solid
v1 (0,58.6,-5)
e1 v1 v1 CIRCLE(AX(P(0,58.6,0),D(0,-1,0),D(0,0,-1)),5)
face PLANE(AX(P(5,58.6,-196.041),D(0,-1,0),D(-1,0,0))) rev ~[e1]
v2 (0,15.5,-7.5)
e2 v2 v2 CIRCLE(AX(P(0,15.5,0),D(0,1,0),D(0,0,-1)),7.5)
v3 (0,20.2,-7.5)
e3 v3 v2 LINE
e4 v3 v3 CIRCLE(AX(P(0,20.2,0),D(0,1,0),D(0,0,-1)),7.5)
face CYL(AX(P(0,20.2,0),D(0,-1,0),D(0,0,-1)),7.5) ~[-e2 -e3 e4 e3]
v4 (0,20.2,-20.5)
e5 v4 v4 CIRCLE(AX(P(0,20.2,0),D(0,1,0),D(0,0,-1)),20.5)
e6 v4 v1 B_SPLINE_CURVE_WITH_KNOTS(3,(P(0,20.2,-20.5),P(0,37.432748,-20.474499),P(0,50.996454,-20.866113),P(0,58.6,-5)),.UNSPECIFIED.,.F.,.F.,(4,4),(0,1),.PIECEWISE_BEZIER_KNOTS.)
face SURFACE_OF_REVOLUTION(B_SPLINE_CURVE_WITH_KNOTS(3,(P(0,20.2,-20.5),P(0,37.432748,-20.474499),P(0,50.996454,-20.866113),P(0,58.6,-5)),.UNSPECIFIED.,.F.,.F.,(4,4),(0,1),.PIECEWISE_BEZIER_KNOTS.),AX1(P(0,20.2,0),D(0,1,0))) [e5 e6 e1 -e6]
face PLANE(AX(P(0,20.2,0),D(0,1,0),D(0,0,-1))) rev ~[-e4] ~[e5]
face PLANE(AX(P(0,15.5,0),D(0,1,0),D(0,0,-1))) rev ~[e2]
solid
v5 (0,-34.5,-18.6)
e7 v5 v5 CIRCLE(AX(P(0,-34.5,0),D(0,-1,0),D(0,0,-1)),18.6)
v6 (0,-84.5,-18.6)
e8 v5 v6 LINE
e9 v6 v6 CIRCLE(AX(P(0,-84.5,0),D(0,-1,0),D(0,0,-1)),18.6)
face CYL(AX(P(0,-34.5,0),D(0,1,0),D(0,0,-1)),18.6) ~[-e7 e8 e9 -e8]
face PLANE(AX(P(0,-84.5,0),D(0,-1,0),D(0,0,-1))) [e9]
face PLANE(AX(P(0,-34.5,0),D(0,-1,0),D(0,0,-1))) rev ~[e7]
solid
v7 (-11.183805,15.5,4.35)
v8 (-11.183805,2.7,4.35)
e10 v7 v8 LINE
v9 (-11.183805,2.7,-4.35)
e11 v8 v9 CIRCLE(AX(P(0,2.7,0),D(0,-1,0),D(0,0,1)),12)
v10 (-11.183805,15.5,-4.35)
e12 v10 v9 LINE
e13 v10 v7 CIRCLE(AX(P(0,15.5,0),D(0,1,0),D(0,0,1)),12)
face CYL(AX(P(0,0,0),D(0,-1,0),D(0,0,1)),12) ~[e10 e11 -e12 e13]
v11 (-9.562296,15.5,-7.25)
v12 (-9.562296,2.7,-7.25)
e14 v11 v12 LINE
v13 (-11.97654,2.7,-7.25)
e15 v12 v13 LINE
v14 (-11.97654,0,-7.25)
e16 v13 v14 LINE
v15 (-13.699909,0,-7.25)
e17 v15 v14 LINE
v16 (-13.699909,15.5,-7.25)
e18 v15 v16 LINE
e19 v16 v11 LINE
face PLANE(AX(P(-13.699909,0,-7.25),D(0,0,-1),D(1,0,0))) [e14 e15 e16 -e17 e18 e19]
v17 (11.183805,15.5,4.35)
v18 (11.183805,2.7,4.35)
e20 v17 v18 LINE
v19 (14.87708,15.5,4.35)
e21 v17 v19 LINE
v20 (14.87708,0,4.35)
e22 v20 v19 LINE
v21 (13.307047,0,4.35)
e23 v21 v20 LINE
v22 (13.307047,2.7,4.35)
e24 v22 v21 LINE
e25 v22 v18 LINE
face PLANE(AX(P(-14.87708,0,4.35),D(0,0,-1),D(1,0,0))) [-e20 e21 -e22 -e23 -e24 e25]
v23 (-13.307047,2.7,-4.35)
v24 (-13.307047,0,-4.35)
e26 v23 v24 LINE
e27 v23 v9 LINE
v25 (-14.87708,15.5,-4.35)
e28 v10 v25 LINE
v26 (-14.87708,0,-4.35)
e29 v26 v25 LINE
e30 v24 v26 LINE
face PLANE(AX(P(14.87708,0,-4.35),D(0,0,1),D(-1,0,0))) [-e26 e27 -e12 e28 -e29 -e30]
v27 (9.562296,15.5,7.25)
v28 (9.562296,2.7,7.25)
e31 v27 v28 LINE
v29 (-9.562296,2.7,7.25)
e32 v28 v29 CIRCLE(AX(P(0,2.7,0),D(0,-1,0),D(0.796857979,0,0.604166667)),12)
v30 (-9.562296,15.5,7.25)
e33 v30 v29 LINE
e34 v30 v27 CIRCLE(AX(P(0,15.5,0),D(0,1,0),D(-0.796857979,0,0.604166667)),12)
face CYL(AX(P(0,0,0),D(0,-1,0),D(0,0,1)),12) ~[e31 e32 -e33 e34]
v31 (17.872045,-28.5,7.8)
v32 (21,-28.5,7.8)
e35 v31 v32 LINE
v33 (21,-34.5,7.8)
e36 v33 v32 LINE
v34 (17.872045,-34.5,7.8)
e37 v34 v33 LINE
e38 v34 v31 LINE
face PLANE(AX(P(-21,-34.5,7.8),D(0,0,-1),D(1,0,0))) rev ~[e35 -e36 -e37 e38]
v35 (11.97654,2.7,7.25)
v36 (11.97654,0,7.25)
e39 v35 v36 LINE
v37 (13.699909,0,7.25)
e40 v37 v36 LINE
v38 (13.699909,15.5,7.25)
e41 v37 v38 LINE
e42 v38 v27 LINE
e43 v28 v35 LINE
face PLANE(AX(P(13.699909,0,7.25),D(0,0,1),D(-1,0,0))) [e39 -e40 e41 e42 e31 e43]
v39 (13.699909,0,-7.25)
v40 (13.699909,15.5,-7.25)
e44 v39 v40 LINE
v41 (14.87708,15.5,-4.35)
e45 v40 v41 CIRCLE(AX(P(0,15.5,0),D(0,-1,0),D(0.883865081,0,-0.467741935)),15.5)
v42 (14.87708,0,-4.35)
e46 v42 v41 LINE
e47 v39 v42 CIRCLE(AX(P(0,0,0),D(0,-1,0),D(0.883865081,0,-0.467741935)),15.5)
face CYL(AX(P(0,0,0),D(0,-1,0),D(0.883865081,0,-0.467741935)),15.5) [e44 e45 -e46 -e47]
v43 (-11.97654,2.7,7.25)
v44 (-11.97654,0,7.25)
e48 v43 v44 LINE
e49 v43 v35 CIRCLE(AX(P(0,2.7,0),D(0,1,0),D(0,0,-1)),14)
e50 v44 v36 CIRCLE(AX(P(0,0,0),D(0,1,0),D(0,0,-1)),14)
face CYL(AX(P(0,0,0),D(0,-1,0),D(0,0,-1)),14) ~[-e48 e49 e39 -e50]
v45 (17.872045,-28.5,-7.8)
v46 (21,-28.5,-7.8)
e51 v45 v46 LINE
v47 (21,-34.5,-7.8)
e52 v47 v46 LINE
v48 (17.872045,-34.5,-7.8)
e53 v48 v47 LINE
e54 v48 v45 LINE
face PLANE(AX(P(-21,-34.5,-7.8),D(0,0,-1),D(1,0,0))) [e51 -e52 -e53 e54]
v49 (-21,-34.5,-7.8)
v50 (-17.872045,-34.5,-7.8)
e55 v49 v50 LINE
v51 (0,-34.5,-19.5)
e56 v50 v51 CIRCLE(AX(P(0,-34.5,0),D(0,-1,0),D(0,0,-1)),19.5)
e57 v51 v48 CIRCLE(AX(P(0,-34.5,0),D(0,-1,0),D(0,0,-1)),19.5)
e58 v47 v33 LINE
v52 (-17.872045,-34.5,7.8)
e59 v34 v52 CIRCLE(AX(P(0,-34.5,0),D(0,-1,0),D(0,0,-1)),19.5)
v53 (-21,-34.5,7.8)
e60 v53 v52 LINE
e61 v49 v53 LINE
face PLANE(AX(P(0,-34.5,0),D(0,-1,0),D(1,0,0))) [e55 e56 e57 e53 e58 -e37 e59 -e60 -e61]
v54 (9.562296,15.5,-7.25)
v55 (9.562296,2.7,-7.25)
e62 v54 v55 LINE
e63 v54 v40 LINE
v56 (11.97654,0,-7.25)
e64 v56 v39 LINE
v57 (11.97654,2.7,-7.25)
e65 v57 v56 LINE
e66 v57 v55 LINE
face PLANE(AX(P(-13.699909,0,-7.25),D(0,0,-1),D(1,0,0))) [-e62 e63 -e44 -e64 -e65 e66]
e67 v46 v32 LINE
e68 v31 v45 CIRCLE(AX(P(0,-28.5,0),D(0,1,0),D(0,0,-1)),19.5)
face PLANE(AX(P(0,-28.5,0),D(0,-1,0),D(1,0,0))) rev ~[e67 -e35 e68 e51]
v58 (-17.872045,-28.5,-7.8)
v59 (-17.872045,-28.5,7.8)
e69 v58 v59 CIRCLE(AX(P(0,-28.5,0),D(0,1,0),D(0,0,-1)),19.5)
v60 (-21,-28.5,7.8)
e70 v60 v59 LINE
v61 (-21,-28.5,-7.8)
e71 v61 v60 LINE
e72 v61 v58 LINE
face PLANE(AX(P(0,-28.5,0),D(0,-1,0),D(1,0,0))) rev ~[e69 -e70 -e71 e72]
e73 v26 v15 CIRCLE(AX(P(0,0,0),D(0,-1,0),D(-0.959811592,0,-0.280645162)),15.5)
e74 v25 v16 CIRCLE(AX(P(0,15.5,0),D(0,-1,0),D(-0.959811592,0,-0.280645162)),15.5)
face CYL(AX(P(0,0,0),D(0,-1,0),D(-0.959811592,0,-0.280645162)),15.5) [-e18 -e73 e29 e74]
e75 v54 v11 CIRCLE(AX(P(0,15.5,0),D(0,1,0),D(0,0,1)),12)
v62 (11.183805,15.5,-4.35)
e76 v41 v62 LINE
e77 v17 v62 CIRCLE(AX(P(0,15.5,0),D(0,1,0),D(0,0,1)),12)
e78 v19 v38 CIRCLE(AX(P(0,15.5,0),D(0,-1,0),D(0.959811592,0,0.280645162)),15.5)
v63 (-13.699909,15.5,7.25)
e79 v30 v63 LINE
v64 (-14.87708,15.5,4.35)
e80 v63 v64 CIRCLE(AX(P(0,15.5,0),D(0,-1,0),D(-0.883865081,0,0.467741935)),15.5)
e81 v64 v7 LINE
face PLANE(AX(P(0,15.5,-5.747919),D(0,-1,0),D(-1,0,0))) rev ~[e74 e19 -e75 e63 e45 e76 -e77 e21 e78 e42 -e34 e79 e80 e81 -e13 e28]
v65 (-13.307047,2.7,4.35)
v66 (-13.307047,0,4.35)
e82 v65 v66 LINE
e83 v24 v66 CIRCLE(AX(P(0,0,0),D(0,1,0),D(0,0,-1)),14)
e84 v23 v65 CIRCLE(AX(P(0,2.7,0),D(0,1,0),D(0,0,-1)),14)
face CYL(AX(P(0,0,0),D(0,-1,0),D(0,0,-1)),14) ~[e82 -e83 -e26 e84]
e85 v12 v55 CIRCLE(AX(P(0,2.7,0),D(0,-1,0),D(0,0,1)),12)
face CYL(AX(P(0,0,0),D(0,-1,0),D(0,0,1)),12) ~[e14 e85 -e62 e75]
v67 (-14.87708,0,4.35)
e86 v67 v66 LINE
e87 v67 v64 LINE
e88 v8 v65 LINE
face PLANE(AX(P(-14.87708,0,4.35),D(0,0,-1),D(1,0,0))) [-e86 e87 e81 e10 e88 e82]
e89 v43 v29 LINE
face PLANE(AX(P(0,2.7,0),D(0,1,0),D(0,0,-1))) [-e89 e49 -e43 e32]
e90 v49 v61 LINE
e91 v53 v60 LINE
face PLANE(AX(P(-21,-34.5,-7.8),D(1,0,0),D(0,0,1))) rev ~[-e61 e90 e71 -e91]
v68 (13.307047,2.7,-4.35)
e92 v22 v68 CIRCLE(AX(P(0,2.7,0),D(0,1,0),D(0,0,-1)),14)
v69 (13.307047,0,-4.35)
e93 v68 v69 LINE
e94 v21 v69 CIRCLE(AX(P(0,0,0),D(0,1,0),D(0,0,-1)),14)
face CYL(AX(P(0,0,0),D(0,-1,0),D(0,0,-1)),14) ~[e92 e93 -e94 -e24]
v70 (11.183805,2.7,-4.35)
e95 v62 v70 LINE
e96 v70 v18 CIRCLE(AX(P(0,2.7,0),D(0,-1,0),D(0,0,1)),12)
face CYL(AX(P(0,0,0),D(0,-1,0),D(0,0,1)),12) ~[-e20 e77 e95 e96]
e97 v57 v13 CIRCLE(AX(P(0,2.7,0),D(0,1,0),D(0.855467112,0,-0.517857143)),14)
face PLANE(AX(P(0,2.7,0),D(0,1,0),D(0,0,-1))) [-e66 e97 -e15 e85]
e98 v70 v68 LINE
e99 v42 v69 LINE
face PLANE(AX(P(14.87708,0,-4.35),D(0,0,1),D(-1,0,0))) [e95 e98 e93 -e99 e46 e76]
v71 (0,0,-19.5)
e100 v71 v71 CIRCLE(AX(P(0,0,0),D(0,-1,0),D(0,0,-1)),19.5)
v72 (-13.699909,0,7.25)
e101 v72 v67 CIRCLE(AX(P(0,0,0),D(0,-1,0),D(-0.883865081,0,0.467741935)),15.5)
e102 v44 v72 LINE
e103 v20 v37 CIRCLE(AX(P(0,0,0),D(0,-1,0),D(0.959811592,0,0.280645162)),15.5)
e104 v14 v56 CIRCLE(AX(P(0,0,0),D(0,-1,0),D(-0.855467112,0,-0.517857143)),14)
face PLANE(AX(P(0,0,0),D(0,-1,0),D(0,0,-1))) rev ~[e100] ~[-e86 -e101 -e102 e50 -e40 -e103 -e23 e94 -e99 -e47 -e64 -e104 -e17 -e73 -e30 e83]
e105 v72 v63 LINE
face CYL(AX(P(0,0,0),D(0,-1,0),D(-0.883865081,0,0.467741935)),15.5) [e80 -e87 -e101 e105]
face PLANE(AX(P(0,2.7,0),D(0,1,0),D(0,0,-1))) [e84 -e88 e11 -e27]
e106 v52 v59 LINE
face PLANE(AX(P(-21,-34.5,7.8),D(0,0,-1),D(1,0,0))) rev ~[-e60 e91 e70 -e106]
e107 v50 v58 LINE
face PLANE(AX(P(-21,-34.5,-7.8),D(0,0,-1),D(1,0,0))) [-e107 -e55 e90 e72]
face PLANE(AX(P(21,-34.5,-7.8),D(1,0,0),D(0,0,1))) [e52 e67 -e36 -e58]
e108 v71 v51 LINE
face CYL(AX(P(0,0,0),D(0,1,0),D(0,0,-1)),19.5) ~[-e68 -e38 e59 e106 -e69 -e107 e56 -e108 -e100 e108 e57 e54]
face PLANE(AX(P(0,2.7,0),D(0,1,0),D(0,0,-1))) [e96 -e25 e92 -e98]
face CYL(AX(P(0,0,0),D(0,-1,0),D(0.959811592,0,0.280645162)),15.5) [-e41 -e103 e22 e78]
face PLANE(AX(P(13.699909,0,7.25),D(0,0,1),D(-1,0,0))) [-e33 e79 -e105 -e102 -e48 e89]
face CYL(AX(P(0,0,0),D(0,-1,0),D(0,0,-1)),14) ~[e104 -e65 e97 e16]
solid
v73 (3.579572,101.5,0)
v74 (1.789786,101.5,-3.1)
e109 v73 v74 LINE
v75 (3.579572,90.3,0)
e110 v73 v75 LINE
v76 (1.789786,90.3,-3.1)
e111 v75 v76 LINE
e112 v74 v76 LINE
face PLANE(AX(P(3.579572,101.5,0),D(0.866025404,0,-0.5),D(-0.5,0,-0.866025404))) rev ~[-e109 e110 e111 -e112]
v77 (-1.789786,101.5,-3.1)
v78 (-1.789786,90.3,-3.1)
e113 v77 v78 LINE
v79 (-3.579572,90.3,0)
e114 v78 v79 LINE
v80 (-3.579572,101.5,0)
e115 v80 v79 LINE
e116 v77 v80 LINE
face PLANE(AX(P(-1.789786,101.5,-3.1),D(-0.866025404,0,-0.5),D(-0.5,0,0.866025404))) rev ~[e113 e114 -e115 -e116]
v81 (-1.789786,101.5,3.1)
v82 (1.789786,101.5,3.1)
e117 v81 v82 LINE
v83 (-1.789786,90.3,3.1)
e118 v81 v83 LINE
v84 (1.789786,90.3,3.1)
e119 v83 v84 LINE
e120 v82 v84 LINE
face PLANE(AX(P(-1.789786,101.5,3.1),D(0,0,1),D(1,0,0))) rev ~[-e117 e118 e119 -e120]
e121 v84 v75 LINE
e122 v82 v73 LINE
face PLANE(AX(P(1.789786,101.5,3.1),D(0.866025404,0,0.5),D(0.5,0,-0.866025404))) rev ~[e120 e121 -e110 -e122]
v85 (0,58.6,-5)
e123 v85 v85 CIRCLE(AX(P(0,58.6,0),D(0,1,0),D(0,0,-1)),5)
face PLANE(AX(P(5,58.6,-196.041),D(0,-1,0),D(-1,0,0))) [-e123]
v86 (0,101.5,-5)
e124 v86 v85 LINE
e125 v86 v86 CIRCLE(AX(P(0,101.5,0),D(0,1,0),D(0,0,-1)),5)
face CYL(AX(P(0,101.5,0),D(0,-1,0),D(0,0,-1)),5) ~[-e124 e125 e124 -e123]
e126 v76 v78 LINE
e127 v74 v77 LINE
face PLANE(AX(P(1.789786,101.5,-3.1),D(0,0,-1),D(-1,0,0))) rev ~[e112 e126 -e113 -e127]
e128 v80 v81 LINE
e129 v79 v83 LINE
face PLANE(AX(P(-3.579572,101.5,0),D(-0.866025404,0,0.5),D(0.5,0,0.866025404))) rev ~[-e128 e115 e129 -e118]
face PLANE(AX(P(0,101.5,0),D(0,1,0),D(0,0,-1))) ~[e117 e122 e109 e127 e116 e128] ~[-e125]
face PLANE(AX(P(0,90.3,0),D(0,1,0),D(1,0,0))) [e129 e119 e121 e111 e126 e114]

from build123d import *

# Parameters (mm, degrees)
SKETCH1_R              = 14
BOSS_EXTRUDE1_DEPTH    = 2.7
SKETCH2_R              = 12
BOSS_EXTRUDE2_DEPTH    = 15.5
BOSS_EXTRUDE3_DEPTH    = 15.5
SKETCH4_R              = 19.5
BOSS_EXTRUDE4_DEPTH    = 34.5
SKETCH5_W              = 42
SKETCH5_H              = 15.6
BOSS_EXTRUDE5_DEPTH    = 6
SKETCH6_R              = 18.6
BOSS_EXTRUDE6_DEPTH    = 50
SPLIT1_SURFACE_1_BACK  = 196.041
SPLIT1_SURFACE_1_DEPTH = 392.082
SPLIT1_SURFACE_2_BACK  = 196.041
SPLIT1_SURFACE_2_DEPTH = 392.082
CUT_EXTRUDE1_DEPTH     = 11.2


with BuildPart() as part:
    # Sketch1 → Boss-Extrude1 (new body)
    with BuildSketch(Plane(origin=(0, 0, 0), x_dir=(1, 0, 0), z_dir=(0, 1, 0))):
        with Locations(Location((0, 0, 0), (0, 0, 90))):
            Circle(SKETCH1_R)
    extrude(amount=BOSS_EXTRUDE1_DEPTH)

    # Sketch2 → Boss-Extrude2 (add)
    with BuildSketch(Plane(origin=(0, 0, 0), x_dir=(1, 0, 0), z_dir=(0, 1, 0))):
        with Locations(Location((0, 0, 0), (0, 0, 270))):
            Circle(SKETCH2_R)
    extrude(amount=BOSS_EXTRUDE2_DEPTH)

    # Sketch3 → Boss-Extrude3 (add)
    with BuildSketch(Plane(origin=(0, 0, 0), x_dir=(1, 0, 0), z_dir=(0, 1, 0))):
        with BuildLine():
            ThreePointArc((13.699908759, 7.25), (14.361878956, 5.829788405), (14.877079687, 4.35))
            Line((14.877079687, 4.35), (-14.877079687, 4.35))
            ThreePointArc((-14.877079687, 4.35), (-14.361878956, 5.829788405), (-13.699908759, 7.25))
            Line((-13.699908759, 7.25), (13.699908759, 7.25))
        make_face()
        with BuildLine():
            ThreePointArc((-13.699908759, -7.25), (-14.361878956, -5.829788405), (-14.877079687, -4.35))
            Line((-14.877079687, -4.35), (14.877079687, -4.35))
            ThreePointArc((14.877079687, -4.35), (14.361878956, -5.829788405), (13.699908759, -7.25))
            Line((13.699908759, -7.25), (-13.699908759, -7.25))
        make_face()
    extrude(amount=BOSS_EXTRUDE3_DEPTH)

    # Sketch4 → Boss-Extrude4 (add)
    with BuildSketch(Plane.XZ):
        with Locations(Location((0, 0, 0), (0, 0, 270))):
            Circle(SKETCH4_R)
    extrude(amount=BOSS_EXTRUDE4_DEPTH)

    # Sketch5 → Boss-Extrude5 (add)
    with BuildSketch(Plane.XZ.offset(34.5)):
        Rectangle(SKETCH5_W, SKETCH5_H)
    extrude(amount=-BOSS_EXTRUDE5_DEPTH)


with BuildPart() as body_2:
    # Sketch6 → Boss-Extrude6 (new body)
    with BuildSketch(Plane.XZ.offset(34.5)):
        with Locations(Location((0, 0, 0), (0, 0, 270))):
            Circle(SKETCH6_R)
    extrude(amount=BOSS_EXTRUDE6_DEPTH)


with BuildPart() as body_3:
    # Sketch7 → Revolve1 (revolve)
    with BuildSketch(Plane.XY, mode=Mode.PRIVATE) as revolve1_sk:
        with BuildLine():
            Line((0, 15.5), (0, 20.2))
            Line((0, 20.2), (0, 101.5))
            Line((0, 101.5), (5, 101.5))
            Line((5, 101.5), (5, 58.6))
            add(Edge.make_bspline(
                [(20.5, 20.2), (20.474499301, 37.432747691), (20.866112575, 50.996454144), (5, 58.6)],
                knots=[0, 0, 0, 0, 1, 1, 1, 1], degree=3))
            Line((20.5, 20.2), (7.5, 20.2))
            Line((7.5, 20.2), (7.5, 15.5))
            Line((7.5, 15.5), (0, 15.5))
        make_face()
    revolve(revolve1_sk.sketch.rotate(Axis((0, 20.2, 0), (0, 1, 0)), 90), axis=Axis((0, 20.2, 0), (0, 1, 0)))


with BuildPart() as body_4:
    # Split1: the piece behind the surface
    add(body_3.part)
    # Split1 surface: a surface, the sketch's curves swept straight by 392.082 mm
    with BuildLine(Plane.XY.offset(-SPLIT1_SURFACE_1_BACK), mode=Mode.PRIVATE) as split1_surface_1_path:
        Line((5, 58.6), (-5, 58.6))
    split1_surface_1 = Shell.extrude(split1_surface_1_path.wire(), (0 * SPLIT1_SURFACE_1_DEPTH, 0 * SPLIT1_SURFACE_1_DEPTH, 1 * SPLIT1_SURFACE_1_DEPTH))
    split(bisect_by=split1_surface_1, keep=Keep.BOTTOM)

    # Sketch9 → Cut-Extrude1 (cut)
    with BuildSketch(Plane(origin=(0, 101.5, 0), x_dir=(1, 0, 0), z_dir=(0, 1, 0))):
        Polygon((3.579571669, 0), (1.789785834, 3.1), (-1.789785834, 3.1), (-3.579571669, 0), (-1.789785834, -3.1), (1.789785834, -3.1), align=None)
    extrude(amount=-CUT_EXTRUDE1_DEPTH, mode=Mode.SUBTRACT)


with BuildPart() as body_3_1:
    add(body_3.part)

    # Split1: split by a surface, the side it looks to stays
    # Split1 surface: a surface, the sketch's curves swept straight by 392.082 mm
    with BuildLine(Plane.XY.offset(-SPLIT1_SURFACE_2_BACK), mode=Mode.PRIVATE) as split1_surface_2_path:
        Line((5, 58.6), (-5, 58.6))
    split1_surface_2 = Shell.extrude(split1_surface_2_path.wire(), (0 * SPLIT1_SURFACE_2_DEPTH, 0 * SPLIT1_SURFACE_2_DEPTH, 1 * SPLIT1_SURFACE_2_DEPTH))
    split(bisect_by=split1_surface_2, keep=Keep.TOP)


solid = Compound([part.part, body_2.part, body_4.part, body_3_1.part])
